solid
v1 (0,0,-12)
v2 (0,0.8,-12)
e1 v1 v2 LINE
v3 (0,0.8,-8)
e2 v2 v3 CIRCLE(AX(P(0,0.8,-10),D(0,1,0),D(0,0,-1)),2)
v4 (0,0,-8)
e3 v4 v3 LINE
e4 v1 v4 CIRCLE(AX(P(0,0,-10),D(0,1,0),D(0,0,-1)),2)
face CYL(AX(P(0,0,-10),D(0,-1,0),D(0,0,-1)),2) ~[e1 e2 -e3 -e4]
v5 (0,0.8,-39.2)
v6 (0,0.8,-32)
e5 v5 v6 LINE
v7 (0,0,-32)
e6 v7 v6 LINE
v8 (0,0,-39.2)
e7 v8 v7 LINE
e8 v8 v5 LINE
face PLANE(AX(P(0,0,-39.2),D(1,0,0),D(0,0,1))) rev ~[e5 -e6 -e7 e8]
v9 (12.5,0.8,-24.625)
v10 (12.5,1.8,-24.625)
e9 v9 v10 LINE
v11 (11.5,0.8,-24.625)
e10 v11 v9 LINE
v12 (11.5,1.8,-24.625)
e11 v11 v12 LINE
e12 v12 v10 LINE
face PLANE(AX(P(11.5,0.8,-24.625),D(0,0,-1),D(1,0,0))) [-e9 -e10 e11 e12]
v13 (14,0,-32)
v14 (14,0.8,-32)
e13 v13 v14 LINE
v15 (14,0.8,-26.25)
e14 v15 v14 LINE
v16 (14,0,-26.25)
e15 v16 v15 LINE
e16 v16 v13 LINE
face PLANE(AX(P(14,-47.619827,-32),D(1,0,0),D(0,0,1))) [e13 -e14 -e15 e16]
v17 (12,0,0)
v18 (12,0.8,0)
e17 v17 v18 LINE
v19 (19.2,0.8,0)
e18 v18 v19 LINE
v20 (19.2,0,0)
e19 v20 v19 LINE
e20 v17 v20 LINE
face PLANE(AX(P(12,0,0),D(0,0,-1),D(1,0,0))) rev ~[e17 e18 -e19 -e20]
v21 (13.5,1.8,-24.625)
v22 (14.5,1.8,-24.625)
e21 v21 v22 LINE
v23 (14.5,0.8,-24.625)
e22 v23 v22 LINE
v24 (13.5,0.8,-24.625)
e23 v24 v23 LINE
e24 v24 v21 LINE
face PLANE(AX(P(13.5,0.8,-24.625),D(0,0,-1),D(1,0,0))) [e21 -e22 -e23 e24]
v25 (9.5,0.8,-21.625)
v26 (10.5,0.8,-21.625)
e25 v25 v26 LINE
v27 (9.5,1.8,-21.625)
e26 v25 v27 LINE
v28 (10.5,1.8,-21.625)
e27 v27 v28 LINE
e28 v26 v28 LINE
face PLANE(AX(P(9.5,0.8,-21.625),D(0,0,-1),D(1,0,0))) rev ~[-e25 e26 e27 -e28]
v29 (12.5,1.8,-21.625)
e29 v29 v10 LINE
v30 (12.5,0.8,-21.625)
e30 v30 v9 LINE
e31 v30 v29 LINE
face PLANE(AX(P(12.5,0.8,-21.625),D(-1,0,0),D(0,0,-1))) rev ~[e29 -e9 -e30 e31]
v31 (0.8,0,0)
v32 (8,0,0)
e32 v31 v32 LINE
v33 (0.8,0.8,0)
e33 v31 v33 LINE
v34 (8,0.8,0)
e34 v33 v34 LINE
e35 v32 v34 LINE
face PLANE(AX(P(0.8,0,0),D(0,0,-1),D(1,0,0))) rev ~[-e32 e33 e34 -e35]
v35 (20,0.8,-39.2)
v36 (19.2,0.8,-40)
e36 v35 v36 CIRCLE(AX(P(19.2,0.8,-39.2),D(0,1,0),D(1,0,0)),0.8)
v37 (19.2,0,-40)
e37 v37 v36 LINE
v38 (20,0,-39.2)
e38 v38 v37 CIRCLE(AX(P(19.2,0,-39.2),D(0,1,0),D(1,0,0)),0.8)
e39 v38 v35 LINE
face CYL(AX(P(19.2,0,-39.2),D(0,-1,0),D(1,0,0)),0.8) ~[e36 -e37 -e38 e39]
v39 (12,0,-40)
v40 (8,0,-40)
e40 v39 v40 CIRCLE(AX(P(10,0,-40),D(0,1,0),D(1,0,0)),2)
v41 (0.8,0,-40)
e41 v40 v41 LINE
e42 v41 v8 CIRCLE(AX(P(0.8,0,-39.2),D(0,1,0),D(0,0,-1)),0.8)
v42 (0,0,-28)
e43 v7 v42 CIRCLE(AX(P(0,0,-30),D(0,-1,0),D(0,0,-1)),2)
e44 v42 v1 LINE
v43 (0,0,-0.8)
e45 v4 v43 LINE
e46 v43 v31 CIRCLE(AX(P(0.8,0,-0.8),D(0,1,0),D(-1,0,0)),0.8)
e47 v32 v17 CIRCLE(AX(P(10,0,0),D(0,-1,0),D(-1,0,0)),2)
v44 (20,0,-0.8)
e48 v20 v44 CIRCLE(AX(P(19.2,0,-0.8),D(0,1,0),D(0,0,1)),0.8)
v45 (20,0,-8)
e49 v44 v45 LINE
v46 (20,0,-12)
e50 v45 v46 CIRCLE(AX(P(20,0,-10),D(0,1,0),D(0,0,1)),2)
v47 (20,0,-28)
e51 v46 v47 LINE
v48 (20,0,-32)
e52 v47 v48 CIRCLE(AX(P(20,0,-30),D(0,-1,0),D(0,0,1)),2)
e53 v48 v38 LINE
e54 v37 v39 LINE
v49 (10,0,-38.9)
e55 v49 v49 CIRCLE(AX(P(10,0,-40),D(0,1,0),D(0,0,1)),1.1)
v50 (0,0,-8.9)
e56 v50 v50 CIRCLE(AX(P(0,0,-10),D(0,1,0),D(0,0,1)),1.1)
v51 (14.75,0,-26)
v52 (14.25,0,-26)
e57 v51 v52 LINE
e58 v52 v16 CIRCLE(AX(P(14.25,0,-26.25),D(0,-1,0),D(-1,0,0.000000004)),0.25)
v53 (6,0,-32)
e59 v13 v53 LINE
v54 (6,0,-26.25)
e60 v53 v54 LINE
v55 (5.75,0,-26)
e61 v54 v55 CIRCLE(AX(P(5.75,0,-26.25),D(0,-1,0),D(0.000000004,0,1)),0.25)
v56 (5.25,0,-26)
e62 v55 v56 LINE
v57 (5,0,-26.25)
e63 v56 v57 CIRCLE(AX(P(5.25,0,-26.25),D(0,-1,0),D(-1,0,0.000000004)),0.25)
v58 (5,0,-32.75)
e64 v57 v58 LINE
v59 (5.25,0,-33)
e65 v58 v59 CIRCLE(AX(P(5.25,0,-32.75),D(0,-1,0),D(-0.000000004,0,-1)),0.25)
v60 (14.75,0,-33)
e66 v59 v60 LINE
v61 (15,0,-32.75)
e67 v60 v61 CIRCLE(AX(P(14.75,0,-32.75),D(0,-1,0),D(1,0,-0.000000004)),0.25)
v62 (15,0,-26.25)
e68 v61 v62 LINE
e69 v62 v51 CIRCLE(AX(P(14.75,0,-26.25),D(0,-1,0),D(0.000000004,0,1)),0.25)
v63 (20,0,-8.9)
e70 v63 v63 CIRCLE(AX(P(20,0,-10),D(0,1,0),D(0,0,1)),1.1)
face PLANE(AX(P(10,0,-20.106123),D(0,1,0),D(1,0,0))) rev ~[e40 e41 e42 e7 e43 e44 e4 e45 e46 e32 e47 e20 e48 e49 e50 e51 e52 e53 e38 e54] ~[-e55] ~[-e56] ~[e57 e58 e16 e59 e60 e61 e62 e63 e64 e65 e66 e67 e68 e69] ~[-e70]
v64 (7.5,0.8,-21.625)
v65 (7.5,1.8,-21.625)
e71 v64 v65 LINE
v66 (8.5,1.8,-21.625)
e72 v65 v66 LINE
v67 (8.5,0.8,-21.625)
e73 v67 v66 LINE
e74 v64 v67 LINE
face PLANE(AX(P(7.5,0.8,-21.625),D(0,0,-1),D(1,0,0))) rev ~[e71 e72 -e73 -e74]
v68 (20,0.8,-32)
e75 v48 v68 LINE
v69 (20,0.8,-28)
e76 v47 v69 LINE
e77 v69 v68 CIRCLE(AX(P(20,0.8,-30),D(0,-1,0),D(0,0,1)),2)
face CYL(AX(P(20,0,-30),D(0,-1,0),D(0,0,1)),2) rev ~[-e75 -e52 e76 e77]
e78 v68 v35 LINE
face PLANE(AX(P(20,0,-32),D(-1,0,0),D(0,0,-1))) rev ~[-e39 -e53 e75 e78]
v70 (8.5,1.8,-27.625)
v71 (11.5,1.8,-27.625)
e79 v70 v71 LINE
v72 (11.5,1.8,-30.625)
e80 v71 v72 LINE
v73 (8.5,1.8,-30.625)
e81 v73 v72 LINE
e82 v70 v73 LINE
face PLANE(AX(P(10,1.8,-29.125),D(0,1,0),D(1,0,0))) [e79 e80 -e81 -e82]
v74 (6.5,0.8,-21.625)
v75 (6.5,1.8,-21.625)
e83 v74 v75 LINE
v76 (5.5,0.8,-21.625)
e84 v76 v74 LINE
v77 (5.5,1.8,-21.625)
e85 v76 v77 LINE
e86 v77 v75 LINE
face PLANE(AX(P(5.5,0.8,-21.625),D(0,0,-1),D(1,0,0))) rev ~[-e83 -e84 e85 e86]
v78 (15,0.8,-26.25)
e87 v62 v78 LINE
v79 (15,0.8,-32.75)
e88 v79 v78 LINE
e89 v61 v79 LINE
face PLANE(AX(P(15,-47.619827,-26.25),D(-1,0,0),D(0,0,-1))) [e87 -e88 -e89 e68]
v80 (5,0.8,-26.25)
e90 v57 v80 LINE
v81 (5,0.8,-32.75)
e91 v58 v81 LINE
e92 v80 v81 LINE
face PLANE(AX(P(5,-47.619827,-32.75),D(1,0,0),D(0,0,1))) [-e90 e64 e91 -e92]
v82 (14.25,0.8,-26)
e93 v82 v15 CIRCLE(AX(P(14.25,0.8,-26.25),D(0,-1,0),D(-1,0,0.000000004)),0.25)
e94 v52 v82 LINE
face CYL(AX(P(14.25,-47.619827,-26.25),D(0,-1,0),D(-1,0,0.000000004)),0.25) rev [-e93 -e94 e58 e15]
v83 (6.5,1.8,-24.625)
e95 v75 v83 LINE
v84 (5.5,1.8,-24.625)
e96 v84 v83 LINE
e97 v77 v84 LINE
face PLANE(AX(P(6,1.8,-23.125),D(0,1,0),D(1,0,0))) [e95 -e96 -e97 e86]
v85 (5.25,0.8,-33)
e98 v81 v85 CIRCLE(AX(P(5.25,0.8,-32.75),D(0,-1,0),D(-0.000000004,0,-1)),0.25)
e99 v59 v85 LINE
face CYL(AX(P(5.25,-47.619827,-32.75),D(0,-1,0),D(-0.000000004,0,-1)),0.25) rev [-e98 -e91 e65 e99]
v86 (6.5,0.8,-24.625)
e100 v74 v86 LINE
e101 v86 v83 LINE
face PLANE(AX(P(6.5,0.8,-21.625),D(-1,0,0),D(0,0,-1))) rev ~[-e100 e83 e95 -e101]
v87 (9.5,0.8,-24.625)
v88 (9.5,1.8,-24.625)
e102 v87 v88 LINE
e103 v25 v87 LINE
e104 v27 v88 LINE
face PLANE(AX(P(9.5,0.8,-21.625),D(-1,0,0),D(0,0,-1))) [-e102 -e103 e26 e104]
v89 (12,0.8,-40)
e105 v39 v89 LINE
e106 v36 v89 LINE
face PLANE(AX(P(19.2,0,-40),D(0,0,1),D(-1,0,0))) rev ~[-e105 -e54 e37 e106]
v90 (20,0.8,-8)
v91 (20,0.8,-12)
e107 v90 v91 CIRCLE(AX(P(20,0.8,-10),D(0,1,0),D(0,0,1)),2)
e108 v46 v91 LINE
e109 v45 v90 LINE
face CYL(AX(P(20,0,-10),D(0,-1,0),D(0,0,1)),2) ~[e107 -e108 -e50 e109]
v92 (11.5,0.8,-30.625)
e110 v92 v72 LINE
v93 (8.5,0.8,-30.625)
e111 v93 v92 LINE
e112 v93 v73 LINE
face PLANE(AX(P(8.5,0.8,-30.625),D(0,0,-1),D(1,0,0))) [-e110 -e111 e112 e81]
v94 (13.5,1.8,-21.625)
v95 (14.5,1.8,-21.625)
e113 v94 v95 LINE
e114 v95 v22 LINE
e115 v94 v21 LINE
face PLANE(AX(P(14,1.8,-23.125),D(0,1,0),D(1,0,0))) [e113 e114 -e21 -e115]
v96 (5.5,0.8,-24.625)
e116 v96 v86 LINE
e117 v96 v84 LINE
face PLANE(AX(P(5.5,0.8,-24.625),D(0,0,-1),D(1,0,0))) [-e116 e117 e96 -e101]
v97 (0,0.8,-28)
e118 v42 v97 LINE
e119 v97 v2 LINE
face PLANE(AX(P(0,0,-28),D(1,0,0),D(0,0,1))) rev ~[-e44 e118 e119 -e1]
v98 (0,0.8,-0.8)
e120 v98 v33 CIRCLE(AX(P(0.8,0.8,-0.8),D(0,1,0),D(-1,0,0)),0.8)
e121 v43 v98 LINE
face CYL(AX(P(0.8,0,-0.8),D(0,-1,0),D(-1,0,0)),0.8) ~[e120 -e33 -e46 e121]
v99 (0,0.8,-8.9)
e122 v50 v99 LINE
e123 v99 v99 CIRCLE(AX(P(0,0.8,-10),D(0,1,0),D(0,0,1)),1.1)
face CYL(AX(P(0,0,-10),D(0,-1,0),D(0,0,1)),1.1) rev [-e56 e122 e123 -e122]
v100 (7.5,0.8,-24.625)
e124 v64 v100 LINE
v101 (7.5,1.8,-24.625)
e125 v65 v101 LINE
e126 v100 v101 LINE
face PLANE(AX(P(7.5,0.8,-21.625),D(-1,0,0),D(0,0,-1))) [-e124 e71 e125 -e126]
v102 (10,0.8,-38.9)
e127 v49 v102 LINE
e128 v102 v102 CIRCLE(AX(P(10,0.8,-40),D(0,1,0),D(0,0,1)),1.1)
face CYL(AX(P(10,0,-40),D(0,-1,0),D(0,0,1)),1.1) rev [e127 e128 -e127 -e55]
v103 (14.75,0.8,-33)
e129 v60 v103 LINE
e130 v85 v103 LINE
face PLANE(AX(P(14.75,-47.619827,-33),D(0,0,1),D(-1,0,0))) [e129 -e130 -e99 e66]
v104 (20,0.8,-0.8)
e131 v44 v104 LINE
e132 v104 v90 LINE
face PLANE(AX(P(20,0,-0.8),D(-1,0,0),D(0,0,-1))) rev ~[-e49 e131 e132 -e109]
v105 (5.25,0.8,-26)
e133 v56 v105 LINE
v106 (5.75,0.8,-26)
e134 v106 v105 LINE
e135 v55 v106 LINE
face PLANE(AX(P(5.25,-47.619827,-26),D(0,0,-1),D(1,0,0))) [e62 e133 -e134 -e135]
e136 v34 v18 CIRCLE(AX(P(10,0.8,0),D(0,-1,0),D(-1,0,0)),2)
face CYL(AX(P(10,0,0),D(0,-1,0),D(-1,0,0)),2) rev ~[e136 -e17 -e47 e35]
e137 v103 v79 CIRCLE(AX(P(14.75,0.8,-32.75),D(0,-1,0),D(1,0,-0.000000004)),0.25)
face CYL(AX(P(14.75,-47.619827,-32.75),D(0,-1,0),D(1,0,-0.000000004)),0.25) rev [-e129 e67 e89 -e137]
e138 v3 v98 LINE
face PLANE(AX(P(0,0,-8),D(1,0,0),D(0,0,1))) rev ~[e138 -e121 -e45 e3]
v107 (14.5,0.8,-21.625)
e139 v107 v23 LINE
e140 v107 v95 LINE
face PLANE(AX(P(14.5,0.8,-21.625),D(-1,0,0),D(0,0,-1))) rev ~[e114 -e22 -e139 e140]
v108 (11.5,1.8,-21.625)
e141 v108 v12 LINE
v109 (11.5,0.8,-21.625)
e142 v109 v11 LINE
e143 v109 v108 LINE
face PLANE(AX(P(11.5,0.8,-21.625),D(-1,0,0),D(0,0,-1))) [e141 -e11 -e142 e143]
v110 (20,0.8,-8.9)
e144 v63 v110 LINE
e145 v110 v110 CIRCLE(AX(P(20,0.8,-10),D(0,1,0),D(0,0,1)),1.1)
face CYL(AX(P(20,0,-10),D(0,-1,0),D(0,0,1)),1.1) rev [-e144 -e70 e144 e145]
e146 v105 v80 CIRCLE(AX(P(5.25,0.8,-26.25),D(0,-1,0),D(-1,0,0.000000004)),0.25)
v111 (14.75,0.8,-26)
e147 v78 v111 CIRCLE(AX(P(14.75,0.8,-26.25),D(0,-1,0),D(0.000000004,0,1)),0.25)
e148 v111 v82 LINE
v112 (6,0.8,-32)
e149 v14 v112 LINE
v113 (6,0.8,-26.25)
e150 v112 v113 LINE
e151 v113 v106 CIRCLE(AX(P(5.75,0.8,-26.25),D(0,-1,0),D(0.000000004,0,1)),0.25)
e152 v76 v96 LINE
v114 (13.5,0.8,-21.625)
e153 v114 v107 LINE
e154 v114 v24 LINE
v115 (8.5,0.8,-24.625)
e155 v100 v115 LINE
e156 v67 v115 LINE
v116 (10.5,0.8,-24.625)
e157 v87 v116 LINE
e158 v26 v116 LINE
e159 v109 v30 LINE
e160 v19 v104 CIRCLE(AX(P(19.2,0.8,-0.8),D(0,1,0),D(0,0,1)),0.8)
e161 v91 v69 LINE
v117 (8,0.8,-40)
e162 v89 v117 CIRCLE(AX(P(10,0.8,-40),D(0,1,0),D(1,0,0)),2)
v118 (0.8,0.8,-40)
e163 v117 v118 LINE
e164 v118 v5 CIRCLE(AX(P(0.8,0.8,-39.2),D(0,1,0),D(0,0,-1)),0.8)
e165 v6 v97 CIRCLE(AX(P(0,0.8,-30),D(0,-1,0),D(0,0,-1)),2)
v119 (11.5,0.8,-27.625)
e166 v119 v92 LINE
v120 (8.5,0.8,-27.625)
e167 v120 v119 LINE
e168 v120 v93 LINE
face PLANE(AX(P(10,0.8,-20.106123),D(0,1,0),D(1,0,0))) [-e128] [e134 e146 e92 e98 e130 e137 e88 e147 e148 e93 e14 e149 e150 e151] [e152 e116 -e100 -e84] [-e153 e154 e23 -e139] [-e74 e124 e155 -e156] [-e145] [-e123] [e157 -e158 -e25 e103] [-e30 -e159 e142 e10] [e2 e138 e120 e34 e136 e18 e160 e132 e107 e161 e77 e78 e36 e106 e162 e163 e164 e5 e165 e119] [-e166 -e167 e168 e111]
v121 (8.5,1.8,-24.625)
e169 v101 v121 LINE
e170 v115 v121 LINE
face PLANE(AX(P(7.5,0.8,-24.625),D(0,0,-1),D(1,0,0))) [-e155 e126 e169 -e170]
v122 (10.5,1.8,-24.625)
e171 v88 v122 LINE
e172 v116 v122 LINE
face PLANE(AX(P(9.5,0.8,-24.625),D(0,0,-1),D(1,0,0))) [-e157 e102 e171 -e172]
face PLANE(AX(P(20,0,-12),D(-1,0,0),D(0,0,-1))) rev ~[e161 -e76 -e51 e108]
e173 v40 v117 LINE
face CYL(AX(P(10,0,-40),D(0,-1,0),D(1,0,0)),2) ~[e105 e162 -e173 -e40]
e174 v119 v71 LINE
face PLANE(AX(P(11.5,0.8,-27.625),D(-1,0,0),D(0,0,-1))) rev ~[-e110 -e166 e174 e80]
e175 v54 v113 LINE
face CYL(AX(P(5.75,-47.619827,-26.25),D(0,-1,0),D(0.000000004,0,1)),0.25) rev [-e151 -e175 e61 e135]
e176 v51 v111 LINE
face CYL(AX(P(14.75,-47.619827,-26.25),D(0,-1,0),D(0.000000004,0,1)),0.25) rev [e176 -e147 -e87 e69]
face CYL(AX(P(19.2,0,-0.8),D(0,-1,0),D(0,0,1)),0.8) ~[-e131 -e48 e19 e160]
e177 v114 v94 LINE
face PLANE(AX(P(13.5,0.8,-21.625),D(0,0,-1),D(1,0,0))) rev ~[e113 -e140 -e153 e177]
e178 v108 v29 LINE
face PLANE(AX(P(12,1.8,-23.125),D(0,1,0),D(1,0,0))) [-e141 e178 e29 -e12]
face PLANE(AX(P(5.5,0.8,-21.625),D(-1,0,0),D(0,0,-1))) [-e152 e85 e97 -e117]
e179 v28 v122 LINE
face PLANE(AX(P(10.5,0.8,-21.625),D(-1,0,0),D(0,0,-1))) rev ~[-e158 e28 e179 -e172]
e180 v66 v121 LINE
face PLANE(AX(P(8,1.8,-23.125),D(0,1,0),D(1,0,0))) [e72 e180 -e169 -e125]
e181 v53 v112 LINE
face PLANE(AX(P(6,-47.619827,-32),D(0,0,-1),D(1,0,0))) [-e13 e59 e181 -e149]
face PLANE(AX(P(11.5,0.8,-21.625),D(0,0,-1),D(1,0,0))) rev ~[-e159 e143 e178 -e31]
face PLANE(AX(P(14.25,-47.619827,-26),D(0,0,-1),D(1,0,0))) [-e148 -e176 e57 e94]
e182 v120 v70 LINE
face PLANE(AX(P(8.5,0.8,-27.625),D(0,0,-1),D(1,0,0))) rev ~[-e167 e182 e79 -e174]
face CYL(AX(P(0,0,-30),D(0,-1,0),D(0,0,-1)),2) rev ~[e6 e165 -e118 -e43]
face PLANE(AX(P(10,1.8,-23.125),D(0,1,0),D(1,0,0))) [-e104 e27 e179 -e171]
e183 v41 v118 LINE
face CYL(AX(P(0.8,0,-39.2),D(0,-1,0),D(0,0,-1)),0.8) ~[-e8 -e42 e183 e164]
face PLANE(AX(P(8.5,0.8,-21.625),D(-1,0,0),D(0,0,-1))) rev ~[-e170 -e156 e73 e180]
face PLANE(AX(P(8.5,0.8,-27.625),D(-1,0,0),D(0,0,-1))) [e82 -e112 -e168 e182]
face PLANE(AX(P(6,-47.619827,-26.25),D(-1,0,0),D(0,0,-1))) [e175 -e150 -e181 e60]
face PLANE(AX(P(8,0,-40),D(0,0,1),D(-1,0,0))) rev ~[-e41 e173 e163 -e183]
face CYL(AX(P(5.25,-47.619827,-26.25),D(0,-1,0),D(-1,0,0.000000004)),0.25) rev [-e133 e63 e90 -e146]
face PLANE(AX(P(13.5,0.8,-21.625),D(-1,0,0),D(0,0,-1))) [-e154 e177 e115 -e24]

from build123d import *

# Parameters (mm, degrees)
SKETCH1_R        = 1.1
BOARD_DEPTH      = 0.8
U_CUT_DEPTH      = 48.419827077
U_CUT_DEPTH_BACK = 48.419827077
SKETCH3_W        = 1
SKETCH3_H        = 3
SKETCH3_W_2      = 3
SMDS_DEPTH       = 1


with BuildPart() as part:
    # Sketch1 → Board (new body)
    with BuildSketch(Plane(origin=(0, 0, 0), x_dir=(1, 0, 0), z_dir=(0, 1, 0))):
        with BuildLine():
            Line((0.8, 0), (8, 0))
            ThreePointArc((8, 0), (10, 2), (12, 0))
            Line((12, 0), (19.2, 0))
            ThreePointArc((19.2, 0), (19.765685425, 0.234314575), (20, 0.8))
            Line((20, 0.8), (20, 8))
            ThreePointArc((20, 8), (22, 10), (20, 12))
            Line((20, 12), (20, 28))
            ThreePointArc((20, 28), (18, 30), (20, 32))
            Line((20, 32), (20, 39.2))
            ThreePointArc((20, 39.2), (19.765685425, 39.765685425), (19.2, 40))
            Line((19.2, 40), (12, 40))
            ThreePointArc((12, 40), (10, 42), (8, 40))
            Line((8, 40), (0.8, 40))
            ThreePointArc((0.8, 40), (0.234314575, 39.765685425), (0, 39.2))
            Line((0, 39.2), (0, 32))
            ThreePointArc((0, 32), (2, 30), (0, 28))
            Line((0, 28), (0, 12))
            ThreePointArc((0, 12), (-2, 10), (0, 8))
            Line((0, 8), (0, 0.8))
            ThreePointArc((0, 0.8), (0.234314575, 0.234314575), (0.8, 0))
        make_face()
        with Locations(Location((10, 40, 0), (0, 0, 270))):
            Circle(SKETCH1_R, mode=Mode.SUBTRACT)
        with Locations(Location((0, 10, 0), (0, 0, 270))):
            Circle(SKETCH1_R, mode=Mode.SUBTRACT)
        with Locations(Location((20, 10, 0), (0, 0, 270))):
            Circle(SKETCH1_R, mode=Mode.SUBTRACT)
    extrude(amount=BOARD_DEPTH)

    # Sketch2 → U-cut (cut, two sides: drawn at the far end of the back side and taken through both)
    with BuildSketch(Plane(origin=(0, 0.8, 0), x_dir=(1, 0, 0), z_dir=(0, 1, 0)).offset(-U_CUT_DEPTH_BACK)):
        with BuildLine():
            Line((14.25, 26), (14.75, 26))
            ThreePointArc((14.75, 26), (14.926776695, 26.073223305), (15, 26.25))
            Line((15, 26.25), (15, 32.75))
            ThreePointArc((15, 32.75), (14.926776695, 32.926776695), (14.75, 33))
            Line((14.75, 33), (5.25, 33))
            ThreePointArc((5.25, 33), (5.073223305, 32.926776695), (5, 32.75))
            Line((5, 32.75), (5, 26.25))
            ThreePointArc((5, 26.25), (5.073223305, 26.073223305), (5.25, 26))
            Line((5.25, 26), (5.75, 26))
            ThreePointArc((5.75, 26), (5.926776695, 26.073223305), (6, 26.25))
            Line((6, 26.25), (6, 32))
            Line((6, 32), (14, 32))
            Line((14, 32), (14, 26.25))
            ThreePointArc((14, 26.25), (14.073223305, 26.073223305), (14.25, 26))
        make_face()
    extrude(amount=U_CUT_DEPTH + U_CUT_DEPTH_BACK, mode=Mode.SUBTRACT)

    # Sketch3 → SMDs (add)
    with BuildSketch(Plane(origin=(0, 0.8, 0), x_dir=(1, 0, 0), z_dir=(0, 1, 0))):
        with Locations((6, 23.125)):
            Rectangle(SKETCH3_W, SKETCH3_H)
        with Locations((8, 23.125)):
            Rectangle(SKETCH3_W, SKETCH3_H)
        with Locations((10, 23.125)):
            Rectangle(SKETCH3_W, SKETCH3_H)
        with Locations((12, 23.125)):
            Rectangle(SKETCH3_W, SKETCH3_H)
        with Locations((14, 23.125)):
            Rectangle(SKETCH3_W, SKETCH3_H)
        with Locations((10, 29.125)):
            Rectangle(SKETCH3_W_2, SKETCH3_H)
    extrude(amount=SMDS_DEPTH)


solid = part.part
